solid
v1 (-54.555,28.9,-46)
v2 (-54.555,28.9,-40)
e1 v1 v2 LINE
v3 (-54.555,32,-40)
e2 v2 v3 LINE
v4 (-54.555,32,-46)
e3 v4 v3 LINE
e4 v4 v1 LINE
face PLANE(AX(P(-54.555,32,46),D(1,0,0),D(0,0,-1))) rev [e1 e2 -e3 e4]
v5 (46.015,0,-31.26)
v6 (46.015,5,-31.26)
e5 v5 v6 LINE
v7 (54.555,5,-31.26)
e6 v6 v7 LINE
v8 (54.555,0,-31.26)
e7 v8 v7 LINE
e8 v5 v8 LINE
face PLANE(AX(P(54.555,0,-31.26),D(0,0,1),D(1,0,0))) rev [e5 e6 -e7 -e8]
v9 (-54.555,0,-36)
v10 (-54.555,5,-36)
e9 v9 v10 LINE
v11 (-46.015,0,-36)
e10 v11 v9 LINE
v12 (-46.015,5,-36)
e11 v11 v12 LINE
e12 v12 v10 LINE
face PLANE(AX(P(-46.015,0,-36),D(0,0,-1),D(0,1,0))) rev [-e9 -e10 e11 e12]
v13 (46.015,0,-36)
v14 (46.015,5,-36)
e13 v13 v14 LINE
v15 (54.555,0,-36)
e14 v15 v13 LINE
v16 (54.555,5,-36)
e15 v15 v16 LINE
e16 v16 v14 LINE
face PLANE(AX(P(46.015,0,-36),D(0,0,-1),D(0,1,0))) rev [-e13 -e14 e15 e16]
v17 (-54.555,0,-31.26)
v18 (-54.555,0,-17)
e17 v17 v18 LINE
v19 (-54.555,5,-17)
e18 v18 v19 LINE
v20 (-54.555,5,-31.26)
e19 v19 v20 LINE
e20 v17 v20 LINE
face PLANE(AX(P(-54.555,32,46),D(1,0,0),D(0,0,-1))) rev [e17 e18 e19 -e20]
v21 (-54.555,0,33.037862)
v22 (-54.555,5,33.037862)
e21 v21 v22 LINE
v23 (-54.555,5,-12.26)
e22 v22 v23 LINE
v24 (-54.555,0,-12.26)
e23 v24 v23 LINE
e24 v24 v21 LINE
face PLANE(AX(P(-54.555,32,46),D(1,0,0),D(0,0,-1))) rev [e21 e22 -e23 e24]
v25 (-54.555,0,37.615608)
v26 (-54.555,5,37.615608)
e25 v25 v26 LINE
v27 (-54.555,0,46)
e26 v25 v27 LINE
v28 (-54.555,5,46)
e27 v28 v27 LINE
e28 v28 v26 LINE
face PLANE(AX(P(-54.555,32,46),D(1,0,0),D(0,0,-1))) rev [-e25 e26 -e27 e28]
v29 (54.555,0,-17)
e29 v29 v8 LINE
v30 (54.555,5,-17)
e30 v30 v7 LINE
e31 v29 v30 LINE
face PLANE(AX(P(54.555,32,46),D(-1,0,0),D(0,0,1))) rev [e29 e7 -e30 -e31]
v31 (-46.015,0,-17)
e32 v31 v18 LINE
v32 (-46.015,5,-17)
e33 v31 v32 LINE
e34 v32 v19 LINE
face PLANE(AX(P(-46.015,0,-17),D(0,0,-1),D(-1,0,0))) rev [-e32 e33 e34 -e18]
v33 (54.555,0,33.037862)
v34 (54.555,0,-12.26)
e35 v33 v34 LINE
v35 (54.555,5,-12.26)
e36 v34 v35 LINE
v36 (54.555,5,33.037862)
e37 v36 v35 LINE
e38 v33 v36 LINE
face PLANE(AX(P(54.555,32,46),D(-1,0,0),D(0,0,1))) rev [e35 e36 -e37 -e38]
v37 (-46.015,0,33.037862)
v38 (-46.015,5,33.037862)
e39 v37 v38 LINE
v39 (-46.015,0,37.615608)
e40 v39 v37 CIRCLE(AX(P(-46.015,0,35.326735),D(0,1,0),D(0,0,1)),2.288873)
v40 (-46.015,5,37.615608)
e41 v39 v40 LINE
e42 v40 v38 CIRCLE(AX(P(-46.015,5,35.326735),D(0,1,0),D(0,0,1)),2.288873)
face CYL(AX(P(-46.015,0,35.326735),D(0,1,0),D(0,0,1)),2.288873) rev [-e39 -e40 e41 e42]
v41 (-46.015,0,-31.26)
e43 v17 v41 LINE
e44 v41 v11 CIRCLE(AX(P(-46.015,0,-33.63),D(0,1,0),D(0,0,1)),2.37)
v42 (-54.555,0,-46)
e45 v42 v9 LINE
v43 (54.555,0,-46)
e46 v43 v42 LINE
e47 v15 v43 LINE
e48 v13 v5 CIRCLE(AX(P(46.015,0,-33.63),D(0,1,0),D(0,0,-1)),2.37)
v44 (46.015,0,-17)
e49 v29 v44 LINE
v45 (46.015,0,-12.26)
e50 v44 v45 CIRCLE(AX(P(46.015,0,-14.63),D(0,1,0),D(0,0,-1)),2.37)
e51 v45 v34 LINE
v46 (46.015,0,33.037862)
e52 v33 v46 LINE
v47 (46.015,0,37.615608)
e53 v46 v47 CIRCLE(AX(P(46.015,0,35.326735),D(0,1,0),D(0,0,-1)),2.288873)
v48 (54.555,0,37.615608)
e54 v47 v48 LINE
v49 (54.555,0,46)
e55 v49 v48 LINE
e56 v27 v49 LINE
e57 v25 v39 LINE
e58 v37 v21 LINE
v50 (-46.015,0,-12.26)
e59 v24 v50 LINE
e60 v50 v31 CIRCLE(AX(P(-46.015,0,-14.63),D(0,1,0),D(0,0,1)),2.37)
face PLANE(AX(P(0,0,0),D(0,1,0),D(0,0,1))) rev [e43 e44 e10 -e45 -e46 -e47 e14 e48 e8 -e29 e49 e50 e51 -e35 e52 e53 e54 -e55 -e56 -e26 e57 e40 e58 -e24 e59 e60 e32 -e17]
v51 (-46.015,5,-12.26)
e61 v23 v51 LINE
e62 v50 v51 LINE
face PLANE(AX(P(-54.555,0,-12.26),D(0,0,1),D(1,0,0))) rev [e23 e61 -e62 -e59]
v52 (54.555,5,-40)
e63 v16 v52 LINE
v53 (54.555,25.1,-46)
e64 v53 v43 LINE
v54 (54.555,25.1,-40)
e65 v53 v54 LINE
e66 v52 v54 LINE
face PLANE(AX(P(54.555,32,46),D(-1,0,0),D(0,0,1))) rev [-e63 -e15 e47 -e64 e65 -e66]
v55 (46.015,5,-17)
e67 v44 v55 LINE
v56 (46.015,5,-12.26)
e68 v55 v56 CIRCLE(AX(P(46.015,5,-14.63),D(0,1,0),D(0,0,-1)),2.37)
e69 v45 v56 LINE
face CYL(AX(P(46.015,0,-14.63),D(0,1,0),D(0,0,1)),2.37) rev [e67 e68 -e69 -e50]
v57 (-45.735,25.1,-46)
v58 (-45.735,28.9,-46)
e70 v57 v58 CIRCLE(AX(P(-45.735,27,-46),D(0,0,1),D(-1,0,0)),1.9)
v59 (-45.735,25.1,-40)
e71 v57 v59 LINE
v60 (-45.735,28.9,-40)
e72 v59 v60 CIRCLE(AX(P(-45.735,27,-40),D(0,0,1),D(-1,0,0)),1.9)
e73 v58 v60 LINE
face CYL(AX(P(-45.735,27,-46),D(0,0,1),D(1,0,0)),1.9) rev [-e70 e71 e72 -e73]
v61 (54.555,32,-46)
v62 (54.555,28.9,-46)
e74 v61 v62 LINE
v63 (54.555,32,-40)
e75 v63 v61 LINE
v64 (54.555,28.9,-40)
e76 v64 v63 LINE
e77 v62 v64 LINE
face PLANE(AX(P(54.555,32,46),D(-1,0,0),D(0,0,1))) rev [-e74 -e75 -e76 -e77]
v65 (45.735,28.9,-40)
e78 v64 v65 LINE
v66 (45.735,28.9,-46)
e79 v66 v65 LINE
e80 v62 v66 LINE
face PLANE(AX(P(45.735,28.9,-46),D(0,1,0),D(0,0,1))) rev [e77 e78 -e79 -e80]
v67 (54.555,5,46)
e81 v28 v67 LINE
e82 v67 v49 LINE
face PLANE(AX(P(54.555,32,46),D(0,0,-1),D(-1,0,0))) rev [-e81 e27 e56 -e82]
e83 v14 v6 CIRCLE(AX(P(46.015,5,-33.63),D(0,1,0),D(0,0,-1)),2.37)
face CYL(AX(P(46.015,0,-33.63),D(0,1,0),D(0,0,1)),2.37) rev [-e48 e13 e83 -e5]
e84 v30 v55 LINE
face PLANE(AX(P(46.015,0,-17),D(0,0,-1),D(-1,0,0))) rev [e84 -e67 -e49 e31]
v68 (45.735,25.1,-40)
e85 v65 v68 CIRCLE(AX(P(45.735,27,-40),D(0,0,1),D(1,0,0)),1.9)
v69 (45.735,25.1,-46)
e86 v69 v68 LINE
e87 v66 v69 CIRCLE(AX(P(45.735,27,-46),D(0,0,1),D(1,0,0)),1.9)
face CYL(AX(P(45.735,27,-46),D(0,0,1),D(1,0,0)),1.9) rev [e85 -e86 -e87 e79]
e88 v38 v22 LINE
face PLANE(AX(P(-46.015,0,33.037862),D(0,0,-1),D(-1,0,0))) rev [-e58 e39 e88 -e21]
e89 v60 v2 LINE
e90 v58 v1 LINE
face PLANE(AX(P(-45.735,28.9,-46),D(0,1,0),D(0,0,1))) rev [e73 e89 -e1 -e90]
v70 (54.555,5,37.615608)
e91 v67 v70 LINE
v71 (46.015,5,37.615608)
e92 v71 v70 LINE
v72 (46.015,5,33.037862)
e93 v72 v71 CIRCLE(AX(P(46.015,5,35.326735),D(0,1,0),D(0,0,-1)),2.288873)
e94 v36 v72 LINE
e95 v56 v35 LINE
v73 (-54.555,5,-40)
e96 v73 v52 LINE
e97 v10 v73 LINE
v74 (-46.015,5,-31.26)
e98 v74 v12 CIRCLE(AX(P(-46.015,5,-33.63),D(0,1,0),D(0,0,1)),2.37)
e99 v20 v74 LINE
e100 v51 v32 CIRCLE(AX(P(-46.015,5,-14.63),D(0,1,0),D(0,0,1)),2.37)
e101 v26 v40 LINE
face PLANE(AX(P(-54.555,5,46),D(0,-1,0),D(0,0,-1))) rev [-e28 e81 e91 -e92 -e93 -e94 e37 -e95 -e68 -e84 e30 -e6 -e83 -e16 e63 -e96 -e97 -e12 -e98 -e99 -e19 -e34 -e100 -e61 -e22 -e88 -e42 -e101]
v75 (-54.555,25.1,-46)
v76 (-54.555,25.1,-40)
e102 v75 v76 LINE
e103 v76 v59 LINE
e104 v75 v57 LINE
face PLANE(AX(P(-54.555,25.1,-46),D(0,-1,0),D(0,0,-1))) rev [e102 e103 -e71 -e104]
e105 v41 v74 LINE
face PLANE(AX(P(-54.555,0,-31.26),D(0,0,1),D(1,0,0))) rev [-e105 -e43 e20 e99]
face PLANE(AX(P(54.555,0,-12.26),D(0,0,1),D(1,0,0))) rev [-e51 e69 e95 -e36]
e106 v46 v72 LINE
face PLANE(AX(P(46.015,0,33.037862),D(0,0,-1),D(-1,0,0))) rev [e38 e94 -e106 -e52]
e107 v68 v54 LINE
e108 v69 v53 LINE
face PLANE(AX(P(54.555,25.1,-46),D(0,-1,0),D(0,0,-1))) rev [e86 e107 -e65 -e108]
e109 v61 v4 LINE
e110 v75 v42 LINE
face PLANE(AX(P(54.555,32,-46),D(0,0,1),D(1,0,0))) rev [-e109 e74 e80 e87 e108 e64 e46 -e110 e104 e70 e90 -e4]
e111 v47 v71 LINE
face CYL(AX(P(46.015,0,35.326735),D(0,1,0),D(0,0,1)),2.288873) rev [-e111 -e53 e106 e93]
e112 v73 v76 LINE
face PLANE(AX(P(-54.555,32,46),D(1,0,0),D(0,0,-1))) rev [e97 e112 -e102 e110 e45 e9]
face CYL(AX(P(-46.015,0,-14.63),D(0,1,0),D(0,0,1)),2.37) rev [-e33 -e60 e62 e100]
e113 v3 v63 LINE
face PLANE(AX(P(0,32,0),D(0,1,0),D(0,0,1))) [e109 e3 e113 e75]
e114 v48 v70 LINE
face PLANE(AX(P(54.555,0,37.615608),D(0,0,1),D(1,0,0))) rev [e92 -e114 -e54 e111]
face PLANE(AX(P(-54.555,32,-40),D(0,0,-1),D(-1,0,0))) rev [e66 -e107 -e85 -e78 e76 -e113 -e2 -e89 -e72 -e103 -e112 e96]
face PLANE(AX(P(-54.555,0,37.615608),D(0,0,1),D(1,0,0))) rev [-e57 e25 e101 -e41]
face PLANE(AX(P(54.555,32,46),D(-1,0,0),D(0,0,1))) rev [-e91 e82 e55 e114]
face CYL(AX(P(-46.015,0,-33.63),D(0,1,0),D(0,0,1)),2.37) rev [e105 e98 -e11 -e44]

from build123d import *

# Parameters (mm, degrees)
CROQUIS1_W              = 109.11
CROQUIS1_H              = 92
SALIENTE_EXTRUIR1_DEPTH = 32
CROQUIS2_W              = 86
CROQUIS2_H              = 27
CORTAR_EXTRUIR1_DEPTH   = 123.658029089
CORTAR_EXTRUIR2_DEPTH   = 107.753210842
CORTAR_EXTRUIR4_DEPTH   = 77.297103648


with BuildPart() as part:
    # Croquis1 → Saliente-Extruir1 (new body)
    with BuildSketch(Plane(origin=(0, 0, 0), x_dir=(1, 0, 0), z_dir=(0, 1, 0))):
        Rectangle(CROQUIS1_W, CROQUIS1_H)
    extrude(amount=SALIENTE_EXTRUIR1_DEPTH)

    # Croquis2 → Cortar-Extruir1 (cut, through all)
    with BuildSketch(Plane(origin=(54.555, 0, 0), x_dir=(0, 0, -1), z_dir=(1, 0, 0))):
        with Locations((-3, 18.5)):
            Rectangle(CROQUIS2_W, CROQUIS2_H)
    extrude(amount=-CORTAR_EXTRUIR1_DEPTH, mode=Mode.SUBTRACT)

    # Croquis3 → Cortar-Extruir2 (cut, through all)
    with BuildSketch(Plane.XY.offset(-40)):
        with BuildLine():
            Line((45.735, 28.9), (54.555, 28.9))
            Line((54.555, 28.9), (54.555, 25.1))
            Line((54.555, 25.1), (45.735, 25.1))
            ThreePointArc((45.735, 25.1), (43.835, 27), (45.735, 28.9))
        make_face()
        with BuildLine():
            Line((-45.735, 28.9), (-54.555, 28.9))
            Line((-54.555, 28.9), (-54.555, 25.1))
            Line((-54.555, 25.1), (-45.735, 25.1))
            ThreePointArc((-45.735, 25.1), (-43.835, 27), (-45.735, 28.9))
        make_face()
    extrude(amount=-CORTAR_EXTRUIR2_DEPTH, mode=Mode.SUBTRACT)

    # Croquis4 → Cortar-Extruir4 (cut, through all)
    with BuildSketch(Plane(origin=(0, 5, 0), x_dir=(1, 0, 0), z_dir=(0, 1, 0))):
        with BuildLine():
            Line((-46.015, 36), (-54.555, 36))
            Line((-54.555, 36), (-54.555, 31.26))
            Line((-54.555, 31.26), (-46.015, 31.26))
            ThreePointArc((-46.015, 31.26), (-43.645, 33.63), (-46.015, 36))
        make_face()
        with BuildLine():
            Line((-46.015, 17), (-54.555, 17))
            Line((-54.555, 17), (-54.555, 12.26))
            Line((-54.555, 12.26), (-46.015, 12.26))
            ThreePointArc((-46.015, 12.26), (-43.645, 14.63), (-46.015, 17))
        make_face()
        with BuildLine():
            Line((-46.015, -33.037861791), (-54.555, -33.037861791))
            Line((-54.555, -33.037861791), (-54.555, -37.615607647))
            Line((-54.555, -37.615607647), (-46.015, -37.615607647))
            ThreePointArc((-46.015, -37.615607647), (-43.726127072, -35.326734719), (-46.015, -33.037861791))
        make_face()
        with BuildLine():
            Line((54.555, -37.615607647), (46.015, -37.615607647))
            ThreePointArc((46.015, -37.615607647), (43.726127072, -35.326734719), (46.015, -33.037861791))
            Line((46.015, -33.037861791), (54.555, -33.037861791))
            Line((54.555, -33.037861791), (54.555, -37.615607647))
        make_face()
        with BuildLine():
            Line((54.555, 17), (54.555, 12.26))
            Line((54.555, 12.26), (46.015, 12.26))
            ThreePointArc((46.015, 12.26), (43.645, 14.63), (46.015, 17))
            Line((46.015, 17), (54.555, 17))
        make_face()
        with BuildLine():
            Line((54.555, 31.26), (46.015, 31.26))
            ThreePointArc((46.015, 31.26), (43.645, 33.63), (46.015, 36))
            Line((46.015, 36), (54.555, 36))
            Line((54.555, 36), (54.555, 31.26))
        make_face()
    extrude(amount=-CORTAR_EXTRUIR4_DEPTH, mode=Mode.SUBTRACT)


solid = part.part
